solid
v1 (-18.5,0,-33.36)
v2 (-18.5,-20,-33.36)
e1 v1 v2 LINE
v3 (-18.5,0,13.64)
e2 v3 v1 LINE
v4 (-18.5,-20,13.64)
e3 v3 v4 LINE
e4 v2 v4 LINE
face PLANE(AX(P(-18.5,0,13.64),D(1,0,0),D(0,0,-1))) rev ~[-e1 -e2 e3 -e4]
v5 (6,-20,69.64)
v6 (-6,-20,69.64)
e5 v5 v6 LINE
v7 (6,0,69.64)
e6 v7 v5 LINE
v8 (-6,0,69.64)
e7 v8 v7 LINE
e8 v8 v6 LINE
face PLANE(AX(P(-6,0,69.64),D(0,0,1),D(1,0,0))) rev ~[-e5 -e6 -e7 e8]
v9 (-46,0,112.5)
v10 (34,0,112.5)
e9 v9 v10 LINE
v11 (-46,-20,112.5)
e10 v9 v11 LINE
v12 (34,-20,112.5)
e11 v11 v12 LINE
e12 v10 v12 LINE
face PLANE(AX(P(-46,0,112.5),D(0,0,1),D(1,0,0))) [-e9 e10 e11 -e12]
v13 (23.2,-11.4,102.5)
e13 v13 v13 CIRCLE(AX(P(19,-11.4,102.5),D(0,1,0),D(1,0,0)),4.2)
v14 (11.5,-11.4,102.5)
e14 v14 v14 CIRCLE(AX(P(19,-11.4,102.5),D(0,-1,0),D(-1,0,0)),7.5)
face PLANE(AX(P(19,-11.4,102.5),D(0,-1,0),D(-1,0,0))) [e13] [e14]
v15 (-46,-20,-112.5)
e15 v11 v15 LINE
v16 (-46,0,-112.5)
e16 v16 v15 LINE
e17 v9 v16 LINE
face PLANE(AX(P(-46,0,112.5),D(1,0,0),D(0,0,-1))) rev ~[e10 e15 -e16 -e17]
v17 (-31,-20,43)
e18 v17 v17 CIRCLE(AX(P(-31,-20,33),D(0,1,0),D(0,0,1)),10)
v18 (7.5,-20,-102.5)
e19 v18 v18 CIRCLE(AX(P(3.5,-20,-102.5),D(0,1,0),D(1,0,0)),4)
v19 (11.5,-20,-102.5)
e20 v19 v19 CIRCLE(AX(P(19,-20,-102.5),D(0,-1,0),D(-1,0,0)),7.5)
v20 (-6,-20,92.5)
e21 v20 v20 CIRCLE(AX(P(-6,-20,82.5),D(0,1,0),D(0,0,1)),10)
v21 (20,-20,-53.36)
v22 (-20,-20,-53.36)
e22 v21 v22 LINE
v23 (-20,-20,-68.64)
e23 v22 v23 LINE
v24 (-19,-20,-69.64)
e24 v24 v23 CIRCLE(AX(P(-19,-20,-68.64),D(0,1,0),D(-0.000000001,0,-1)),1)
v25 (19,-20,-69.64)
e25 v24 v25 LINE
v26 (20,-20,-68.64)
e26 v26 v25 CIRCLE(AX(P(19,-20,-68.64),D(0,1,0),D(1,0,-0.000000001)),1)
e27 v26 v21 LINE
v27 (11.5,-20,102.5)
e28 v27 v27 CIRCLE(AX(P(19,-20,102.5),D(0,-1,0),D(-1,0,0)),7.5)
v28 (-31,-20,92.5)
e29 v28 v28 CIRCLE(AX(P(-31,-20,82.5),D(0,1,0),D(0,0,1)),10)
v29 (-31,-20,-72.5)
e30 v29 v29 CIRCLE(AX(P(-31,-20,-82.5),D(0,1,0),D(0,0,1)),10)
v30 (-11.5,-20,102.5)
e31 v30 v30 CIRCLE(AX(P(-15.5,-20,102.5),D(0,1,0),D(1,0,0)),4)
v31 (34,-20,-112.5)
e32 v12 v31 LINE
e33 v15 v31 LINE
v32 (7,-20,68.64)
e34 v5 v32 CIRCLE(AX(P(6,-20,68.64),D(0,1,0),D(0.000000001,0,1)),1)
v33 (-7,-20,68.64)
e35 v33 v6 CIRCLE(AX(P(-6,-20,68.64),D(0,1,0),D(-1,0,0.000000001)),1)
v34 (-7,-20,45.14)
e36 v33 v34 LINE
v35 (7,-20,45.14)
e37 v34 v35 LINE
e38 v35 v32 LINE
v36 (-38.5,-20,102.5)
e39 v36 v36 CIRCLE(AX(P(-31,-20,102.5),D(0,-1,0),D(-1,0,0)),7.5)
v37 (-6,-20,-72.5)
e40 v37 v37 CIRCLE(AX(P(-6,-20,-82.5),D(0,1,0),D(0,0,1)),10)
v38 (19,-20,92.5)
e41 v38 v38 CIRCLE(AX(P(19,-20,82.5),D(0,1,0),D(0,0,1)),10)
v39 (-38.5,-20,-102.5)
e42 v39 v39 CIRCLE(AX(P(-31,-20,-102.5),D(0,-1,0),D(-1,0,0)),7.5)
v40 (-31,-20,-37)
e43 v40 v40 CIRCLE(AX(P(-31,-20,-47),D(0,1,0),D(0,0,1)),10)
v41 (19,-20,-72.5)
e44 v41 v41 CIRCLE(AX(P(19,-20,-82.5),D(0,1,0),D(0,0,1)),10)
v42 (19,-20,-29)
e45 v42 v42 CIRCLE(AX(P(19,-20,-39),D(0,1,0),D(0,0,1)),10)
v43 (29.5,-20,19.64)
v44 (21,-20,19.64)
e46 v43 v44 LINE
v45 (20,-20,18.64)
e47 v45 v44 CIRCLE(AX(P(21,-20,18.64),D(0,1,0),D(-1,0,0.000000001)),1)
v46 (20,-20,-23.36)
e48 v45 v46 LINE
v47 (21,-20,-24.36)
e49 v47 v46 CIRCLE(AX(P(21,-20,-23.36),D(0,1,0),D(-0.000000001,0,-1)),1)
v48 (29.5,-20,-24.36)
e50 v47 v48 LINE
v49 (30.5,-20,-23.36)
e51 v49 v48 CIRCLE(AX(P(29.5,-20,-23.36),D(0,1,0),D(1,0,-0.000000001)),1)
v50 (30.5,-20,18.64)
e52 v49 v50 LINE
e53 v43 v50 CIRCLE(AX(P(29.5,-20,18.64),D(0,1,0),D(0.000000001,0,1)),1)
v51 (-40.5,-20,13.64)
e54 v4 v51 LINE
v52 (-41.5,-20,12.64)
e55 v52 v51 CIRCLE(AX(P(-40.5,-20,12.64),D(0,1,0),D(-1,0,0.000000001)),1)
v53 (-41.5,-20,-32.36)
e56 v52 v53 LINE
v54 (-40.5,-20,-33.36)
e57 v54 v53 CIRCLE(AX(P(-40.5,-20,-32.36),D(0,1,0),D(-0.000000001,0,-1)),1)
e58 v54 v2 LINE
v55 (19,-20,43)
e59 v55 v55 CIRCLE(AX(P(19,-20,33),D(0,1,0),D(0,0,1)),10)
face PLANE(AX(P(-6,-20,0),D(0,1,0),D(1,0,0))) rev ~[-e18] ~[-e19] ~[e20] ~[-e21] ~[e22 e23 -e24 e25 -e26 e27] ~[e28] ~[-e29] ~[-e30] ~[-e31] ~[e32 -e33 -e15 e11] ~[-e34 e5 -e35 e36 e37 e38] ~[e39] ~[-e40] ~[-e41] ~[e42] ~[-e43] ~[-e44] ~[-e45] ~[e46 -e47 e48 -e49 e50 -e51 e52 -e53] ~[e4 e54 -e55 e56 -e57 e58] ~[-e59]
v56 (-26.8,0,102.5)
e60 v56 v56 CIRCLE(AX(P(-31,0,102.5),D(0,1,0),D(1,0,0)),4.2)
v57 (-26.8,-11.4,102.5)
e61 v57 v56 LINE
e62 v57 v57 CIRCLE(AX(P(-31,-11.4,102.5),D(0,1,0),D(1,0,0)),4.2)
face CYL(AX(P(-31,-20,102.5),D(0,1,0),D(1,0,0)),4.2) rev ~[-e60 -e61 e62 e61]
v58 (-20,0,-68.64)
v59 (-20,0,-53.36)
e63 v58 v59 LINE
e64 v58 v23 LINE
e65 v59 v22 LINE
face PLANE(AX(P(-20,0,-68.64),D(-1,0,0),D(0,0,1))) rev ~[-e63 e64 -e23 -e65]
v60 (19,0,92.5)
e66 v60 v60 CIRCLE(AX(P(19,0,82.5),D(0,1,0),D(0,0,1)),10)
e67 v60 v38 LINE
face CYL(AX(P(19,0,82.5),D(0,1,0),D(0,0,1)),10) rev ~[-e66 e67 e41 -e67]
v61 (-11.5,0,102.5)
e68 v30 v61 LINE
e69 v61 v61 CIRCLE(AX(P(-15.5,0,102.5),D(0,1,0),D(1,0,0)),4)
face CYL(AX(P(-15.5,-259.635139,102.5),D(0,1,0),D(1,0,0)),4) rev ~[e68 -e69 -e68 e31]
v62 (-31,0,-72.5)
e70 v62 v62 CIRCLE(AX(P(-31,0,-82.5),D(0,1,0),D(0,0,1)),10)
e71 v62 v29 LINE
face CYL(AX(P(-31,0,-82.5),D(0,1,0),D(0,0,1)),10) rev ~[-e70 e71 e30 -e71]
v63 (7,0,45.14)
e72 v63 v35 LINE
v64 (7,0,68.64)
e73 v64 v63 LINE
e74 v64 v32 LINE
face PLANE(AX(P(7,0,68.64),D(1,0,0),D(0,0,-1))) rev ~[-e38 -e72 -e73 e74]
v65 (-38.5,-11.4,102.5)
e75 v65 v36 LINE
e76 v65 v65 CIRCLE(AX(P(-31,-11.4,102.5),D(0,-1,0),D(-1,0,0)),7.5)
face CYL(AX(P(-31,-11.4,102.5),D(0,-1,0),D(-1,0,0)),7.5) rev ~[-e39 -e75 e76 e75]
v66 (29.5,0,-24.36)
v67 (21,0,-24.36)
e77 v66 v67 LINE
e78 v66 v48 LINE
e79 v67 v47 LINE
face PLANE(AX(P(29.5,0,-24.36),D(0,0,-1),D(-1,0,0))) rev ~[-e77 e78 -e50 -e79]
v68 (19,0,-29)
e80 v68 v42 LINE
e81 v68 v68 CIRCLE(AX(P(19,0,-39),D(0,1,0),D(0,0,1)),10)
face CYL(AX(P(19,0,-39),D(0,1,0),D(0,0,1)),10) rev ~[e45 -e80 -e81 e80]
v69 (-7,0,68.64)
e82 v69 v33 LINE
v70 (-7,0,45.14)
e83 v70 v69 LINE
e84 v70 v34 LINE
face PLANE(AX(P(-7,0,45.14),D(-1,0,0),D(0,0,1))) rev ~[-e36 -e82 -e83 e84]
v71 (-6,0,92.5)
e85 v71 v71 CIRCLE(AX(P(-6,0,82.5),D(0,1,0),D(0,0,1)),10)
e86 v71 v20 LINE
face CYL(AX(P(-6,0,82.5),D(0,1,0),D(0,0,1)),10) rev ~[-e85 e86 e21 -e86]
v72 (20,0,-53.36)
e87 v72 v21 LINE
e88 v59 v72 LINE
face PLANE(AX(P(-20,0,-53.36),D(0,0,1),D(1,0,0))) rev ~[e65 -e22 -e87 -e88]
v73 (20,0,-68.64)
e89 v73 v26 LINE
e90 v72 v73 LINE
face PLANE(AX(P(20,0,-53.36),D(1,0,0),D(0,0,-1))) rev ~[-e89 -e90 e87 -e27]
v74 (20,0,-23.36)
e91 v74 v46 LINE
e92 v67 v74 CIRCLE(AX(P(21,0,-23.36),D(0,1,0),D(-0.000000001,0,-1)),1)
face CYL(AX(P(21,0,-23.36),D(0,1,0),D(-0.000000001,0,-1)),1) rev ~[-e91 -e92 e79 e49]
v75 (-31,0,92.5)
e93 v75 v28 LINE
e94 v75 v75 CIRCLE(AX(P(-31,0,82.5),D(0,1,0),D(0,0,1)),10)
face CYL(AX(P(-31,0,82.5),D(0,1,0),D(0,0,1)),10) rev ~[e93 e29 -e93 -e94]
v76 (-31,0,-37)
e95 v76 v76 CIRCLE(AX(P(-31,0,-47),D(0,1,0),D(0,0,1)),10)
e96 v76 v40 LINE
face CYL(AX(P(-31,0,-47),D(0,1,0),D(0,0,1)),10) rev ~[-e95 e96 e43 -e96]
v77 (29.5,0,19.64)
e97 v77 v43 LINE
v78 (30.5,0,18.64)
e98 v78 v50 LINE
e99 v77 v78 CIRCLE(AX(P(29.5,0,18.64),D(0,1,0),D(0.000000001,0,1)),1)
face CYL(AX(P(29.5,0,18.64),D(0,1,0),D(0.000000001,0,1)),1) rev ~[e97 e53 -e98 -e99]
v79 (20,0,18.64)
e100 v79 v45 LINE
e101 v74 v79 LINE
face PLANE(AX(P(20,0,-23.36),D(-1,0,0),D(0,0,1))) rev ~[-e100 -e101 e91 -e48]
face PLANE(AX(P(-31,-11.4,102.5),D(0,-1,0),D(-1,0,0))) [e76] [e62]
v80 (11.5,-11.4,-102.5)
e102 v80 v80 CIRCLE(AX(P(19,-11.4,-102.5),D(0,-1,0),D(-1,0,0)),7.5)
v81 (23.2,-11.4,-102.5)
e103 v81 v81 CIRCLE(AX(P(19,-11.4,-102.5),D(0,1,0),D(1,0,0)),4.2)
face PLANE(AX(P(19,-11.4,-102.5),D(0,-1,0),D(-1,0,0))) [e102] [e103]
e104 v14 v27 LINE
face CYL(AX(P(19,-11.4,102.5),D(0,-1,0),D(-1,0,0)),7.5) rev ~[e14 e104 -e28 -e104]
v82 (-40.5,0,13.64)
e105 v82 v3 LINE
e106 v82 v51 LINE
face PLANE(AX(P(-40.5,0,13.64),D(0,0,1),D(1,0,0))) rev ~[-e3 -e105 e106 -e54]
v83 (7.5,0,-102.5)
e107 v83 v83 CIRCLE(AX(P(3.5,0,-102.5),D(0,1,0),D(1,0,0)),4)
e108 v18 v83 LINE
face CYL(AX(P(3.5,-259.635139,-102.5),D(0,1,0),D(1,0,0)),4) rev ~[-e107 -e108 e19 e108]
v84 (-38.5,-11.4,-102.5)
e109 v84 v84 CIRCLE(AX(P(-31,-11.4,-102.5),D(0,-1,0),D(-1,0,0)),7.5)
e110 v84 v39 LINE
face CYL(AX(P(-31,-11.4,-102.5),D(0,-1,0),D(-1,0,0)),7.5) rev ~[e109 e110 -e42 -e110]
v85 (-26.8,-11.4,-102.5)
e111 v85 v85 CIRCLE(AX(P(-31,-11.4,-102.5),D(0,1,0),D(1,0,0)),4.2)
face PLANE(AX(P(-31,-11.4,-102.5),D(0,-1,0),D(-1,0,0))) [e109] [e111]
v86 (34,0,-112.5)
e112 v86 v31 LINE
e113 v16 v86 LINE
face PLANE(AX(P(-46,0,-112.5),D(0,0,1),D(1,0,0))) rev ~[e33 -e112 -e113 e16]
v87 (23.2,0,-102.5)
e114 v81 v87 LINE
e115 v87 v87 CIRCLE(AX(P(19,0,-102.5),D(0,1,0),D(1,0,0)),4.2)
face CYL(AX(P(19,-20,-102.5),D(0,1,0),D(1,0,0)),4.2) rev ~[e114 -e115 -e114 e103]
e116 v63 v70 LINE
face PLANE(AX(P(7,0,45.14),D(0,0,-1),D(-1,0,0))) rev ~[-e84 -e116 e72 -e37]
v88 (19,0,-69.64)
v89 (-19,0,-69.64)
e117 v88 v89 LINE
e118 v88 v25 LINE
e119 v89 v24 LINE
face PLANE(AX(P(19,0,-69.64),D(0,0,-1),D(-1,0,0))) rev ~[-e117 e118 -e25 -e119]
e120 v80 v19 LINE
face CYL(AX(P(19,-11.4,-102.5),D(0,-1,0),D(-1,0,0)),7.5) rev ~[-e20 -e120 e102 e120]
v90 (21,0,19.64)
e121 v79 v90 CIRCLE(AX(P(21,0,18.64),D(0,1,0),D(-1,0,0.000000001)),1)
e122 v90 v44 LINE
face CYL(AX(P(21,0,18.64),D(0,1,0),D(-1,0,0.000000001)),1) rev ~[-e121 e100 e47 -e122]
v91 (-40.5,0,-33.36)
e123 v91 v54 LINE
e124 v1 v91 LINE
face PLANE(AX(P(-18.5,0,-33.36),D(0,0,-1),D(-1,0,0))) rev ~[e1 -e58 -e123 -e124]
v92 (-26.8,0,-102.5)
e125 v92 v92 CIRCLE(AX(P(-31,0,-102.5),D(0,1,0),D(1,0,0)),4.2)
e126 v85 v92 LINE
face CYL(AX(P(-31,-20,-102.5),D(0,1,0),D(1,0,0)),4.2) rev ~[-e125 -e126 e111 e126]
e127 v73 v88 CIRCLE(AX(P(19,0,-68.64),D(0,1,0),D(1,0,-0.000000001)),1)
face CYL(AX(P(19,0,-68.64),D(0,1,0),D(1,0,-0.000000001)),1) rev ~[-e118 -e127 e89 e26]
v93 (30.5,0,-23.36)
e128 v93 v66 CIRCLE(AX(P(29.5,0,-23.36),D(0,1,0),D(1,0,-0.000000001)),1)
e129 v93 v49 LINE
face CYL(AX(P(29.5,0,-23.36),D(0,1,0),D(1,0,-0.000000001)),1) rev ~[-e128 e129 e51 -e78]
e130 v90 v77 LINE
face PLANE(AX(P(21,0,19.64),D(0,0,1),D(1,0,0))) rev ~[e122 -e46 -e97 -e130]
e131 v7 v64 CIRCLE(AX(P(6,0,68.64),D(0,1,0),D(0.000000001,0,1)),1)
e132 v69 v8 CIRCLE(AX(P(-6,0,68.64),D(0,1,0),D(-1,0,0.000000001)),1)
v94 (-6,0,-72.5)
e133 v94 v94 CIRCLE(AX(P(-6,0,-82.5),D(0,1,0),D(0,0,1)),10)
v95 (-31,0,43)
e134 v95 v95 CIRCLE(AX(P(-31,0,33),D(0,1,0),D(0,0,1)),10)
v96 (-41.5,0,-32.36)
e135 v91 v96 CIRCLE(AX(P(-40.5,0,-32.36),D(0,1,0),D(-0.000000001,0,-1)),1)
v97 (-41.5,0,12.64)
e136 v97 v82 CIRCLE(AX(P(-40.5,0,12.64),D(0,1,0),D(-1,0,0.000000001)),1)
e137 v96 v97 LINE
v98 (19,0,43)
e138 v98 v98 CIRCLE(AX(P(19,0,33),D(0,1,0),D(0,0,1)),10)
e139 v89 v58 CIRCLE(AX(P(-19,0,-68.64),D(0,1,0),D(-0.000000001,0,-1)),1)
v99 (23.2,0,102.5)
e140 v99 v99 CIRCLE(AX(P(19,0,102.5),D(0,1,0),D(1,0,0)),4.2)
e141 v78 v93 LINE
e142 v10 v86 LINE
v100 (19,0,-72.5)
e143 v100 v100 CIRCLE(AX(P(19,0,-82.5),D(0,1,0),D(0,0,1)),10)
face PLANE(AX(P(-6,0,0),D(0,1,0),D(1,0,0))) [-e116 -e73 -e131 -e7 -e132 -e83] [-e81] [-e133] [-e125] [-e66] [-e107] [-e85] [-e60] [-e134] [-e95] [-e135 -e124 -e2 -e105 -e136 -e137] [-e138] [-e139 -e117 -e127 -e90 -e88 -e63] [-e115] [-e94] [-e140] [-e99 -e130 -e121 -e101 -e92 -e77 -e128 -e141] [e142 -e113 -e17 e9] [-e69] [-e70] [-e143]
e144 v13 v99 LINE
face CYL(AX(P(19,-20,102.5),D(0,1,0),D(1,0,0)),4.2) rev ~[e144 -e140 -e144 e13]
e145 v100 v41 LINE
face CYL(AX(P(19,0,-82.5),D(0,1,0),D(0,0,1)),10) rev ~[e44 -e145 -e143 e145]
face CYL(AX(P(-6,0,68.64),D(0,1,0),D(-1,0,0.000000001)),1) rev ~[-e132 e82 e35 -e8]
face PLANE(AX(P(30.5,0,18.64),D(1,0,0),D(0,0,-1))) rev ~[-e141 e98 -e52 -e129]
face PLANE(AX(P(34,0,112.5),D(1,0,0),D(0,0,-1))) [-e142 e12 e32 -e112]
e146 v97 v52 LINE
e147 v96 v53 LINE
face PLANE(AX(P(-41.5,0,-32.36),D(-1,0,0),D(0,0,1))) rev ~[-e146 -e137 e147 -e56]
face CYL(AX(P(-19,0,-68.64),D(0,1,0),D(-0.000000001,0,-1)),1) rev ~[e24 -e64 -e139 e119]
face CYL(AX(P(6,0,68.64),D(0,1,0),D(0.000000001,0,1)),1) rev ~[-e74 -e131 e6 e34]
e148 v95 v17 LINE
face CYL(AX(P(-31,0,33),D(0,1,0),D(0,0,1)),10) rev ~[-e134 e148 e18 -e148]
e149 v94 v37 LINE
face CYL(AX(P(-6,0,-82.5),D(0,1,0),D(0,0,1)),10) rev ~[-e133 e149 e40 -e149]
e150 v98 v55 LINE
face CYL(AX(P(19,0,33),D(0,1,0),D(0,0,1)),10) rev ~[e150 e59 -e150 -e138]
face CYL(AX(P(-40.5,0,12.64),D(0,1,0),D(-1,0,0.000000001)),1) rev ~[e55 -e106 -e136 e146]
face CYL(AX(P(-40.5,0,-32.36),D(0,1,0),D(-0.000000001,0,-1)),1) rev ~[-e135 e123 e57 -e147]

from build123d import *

# Parameters (mm, degrees)
SKETCH1_W                                           = 80
SKETCH1_H                                           = 225
BOSS_EXTRUDE1_DEPTH                                 = 20
CUT_EXTRUDE1_REACH                                  = 125.176
CUT_EXTRUDE2_REACH                                  = 125.176
CUT_EXTRUDE3_REACH                                  = 125.176
CUT_EXTRUDE4_REACH                                  = 125.176
CBORE_FOR_M8_HEX_SOCKET_HEAD_CAP_SCREW1_D           = 8.4
CBORE_FOR_M8_HEX_SOCKET_HEAD_CAP_SCREW1_CBORE_D     = 15
CBORE_FOR_M8_HEX_SOCKET_HEAD_CAP_SCREW1_CBORE_DEPTH = 8.6
F_8_0MM_DOWEL_HOLE1_D                               = 8
CUT_EXTRUDE5_REACH                                  = 125.176
SKETCH7_R                                           = 10


with BuildPart() as part:
    # Sketch1 → Boss-Extrude1 (new body)
    with BuildSketch(Plane(origin=(0, 0, 0), x_dir=(1, 0, 0), z_dir=(0, 1, 0))):
        with Locations((-6, 0)):
            Rectangle(SKETCH1_W, SKETCH1_H)
    extrude(amount=-BOSS_EXTRUDE1_DEPTH)

    # Sketch2 → Cut-Extrude1 (cut, up to next)
    with BuildSketch(Plane(origin=(0, 0, 0), x_dir=(1, 0, 0), z_dir=(0, 1, 0)), mode=Mode.PRIVATE) as cut_extrude1_sk1:
        with BuildLine():
            Line((21, -19.64), (29.5, -19.64))
            ThreePointArc((29.5, -19.64), (30.207106781, -19.347106781), (30.5, -18.64))
            Line((30.5, -18.64), (30.5, 23.36))
            ThreePointArc((30.5, 23.36), (30.207106781, 24.067106781), (29.5, 24.36))
            Line((29.5, 24.36), (21, 24.36))
            ThreePointArc((21, 24.36), (20.292893219, 24.067106781), (20, 23.36))
            Line((20, 23.36), (20, -18.64))
            ThreePointArc((20, -18.64), (20.292893219, -19.347106781), (21, -19.64))
        make_face()
    cut_extrude1_tool1 = extrude(cut_extrude1_sk1.sketch, amount=-CUT_EXTRUDE1_REACH, mode=Mode.PRIVATE) & part.part
    add(cut_extrude1_tool1.solids().sort_by_distance((25.25, 0, -2.36))[0], mode=Mode.SUBTRACT)

    # Sketch4 → Cut-Extrude2 (cut, up to next)
    with BuildSketch(Plane(origin=(0, 0, 0), x_dir=(1, 0, 0), z_dir=(0, 1, 0)), mode=Mode.PRIVATE) as cut_extrude2_sk1:
        with BuildLine():
            Line((7, -68.64), (7, -45.14))
            Line((7, -45.14), (-7, -45.14))
            Line((-7, -45.14), (-7, -68.64))
            ThreePointArc((-7, -68.64), (-6.707106781, -69.347106781), (-6, -69.64))
            Line((-6, -69.64), (6, -69.64))
            ThreePointArc((6, -69.64), (6.707106781, -69.347106781), (7, -68.64))
        make_face()
    cut_extrude2_tool1 = extrude(cut_extrude2_sk1.sketch, amount=-CUT_EXTRUDE2_REACH, mode=Mode.PRIVATE) & part.part
    add(cut_extrude2_tool1.solids().sort_by_distance((0, 0, 57.374932))[0], mode=Mode.SUBTRACT)

    # Sketch5 → Cut-Extrude3 (cut, up to next)
    with BuildSketch(Plane(origin=(0, 0, 0), x_dir=(1, 0, 0), z_dir=(0, 1, 0)), mode=Mode.PRIVATE) as cut_extrude3_sk1:
        with BuildLine():
            Line((-18.5, -13.64), (-18.5, 33.36))
            Line((-18.5, 33.36), (-40.5, 33.36))
            ThreePointArc((-40.5, 33.36), (-41.207106781, 33.067106781), (-41.5, 32.36))
            Line((-41.5, 32.36), (-41.5, -12.64))
            ThreePointArc((-41.5, -12.64), (-41.207106781, -13.347106781), (-40.5, -13.64))
            Line((-40.5, -13.64), (-18.5, -13.64))
        make_face()
    cut_extrude3_tool1 = extrude(cut_extrude3_sk1.sketch, amount=-CUT_EXTRUDE3_REACH, mode=Mode.PRIVATE) & part.part
    add(cut_extrude3_tool1.solids().sort_by_distance((-29.995521, 0, -9.86))[0], mode=Mode.SUBTRACT)

    # Sketch6 → Cut-Extrude4 (cut, up to next)
    with BuildSketch(Plane(origin=(0, 0, 0), x_dir=(1, 0, 0), z_dir=(0, 1, 0)), mode=Mode.PRIVATE) as cut_extrude4_sk1:
        with BuildLine():
            Line((19, 69.64), (-19, 69.64))
            ThreePointArc((-19, 69.64), (-19.707106781, 69.347106781), (-20, 68.64))
            Line((-20, 68.64), (-20, 53.36))
            Line((-20, 53.36), (20, 53.36))
            Line((20, 53.36), (20, 68.64))
            ThreePointArc((20, 68.64), (19.707106781, 69.347106781), (19, 69.64))
        make_face()
    cut_extrude4_tool1 = extrude(cut_extrude4_sk1.sketch, amount=-CUT_EXTRUDE4_REACH, mode=Mode.PRIVATE) & part.part
    add(cut_extrude4_tool1.solids().sort_by_distance((0, 0, -61.494779))[0], mode=Mode.SUBTRACT)

    # CBORE for M8 Hex Socket Head Cap Screw1 (through all)
    with Locations(Plane(origin=(0, -20, 0), x_dir=(-1, 0, 0), z_dir=(0, -1, 0))):
        with Locations((-19, 102.5), (31, 102.5), (-19, -102.5), (31, -102.5)):
            CounterBoreHole(CBORE_FOR_M8_HEX_SOCKET_HEAD_CAP_SCREW1_D / 2, CBORE_FOR_M8_HEX_SOCKET_HEAD_CAP_SCREW1_CBORE_D / 2, CBORE_FOR_M8_HEX_SOCKET_HEAD_CAP_SCREW1_CBORE_DEPTH)

    # Ø8.0mm Dowel Hole1 (through all)
    with Locations(Plane(origin=(0, -20, 0), x_dir=(-1, 0, 0), z_dir=(0, -1, 0))):
        with Locations((-3.5, 102.5), (15.5, -102.5)):
            Hole(F_8_0MM_DOWEL_HOLE1_D / 2)

    # Sketch7 → Cut-Extrude5 (cut, up to next)
    with BuildSketch(Plane(origin=(0, 0, 0), x_dir=(1, 0, 0), z_dir=(0, 1, 0)), mode=Mode.PRIVATE) as cut_extrude5_sk1:
        with Locations(Location((-31, -33, 0), (0, 0, 270))):
            Circle(SKETCH7_R)
    cut_extrude5_tool1 = extrude(cut_extrude5_sk1.sketch, amount=-CUT_EXTRUDE5_REACH, mode=Mode.PRIVATE) & part.part
    # Sketch7 → Cut-Extrude5 (cut, up to next)
    with BuildSketch(Plane(origin=(0, 0, 0), x_dir=(1, 0, 0), z_dir=(0, 1, 0)), mode=Mode.PRIVATE) as cut_extrude5_sk2:
        with Locations(Location((-6, 82.5, 0), (0, 0, 270))):
            Circle(SKETCH7_R)
    cut_extrude5_tool2 = extrude(cut_extrude5_sk2.sketch, amount=-CUT_EXTRUDE5_REACH, mode=Mode.PRIVATE) & part.part
    # Sketch7 → Cut-Extrude5 (cut, up to next)
    with BuildSketch(Plane(origin=(0, 0, 0), x_dir=(1, 0, 0), z_dir=(0, 1, 0)), mode=Mode.PRIVATE) as cut_extrude5_sk3:
        with Locations(Location((19, -33, 0), (0, 0, 270))):
            Circle(SKETCH7_R)
    cut_extrude5_tool3 = extrude(cut_extrude5_sk3.sketch, amount=-CUT_EXTRUDE5_REACH, mode=Mode.PRIVATE) & part.part
    # Sketch7 → Cut-Extrude5 (cut, up to next)
    with BuildSketch(Plane(origin=(0, 0, 0), x_dir=(1, 0, 0), z_dir=(0, 1, 0)), mode=Mode.PRIVATE) as cut_extrude5_sk4:
        with Locations(Location((-31, 47, 0), (0, 0, 270))):
            Circle(SKETCH7_R)
    cut_extrude5_tool4 = extrude(cut_extrude5_sk4.sketch, amount=-CUT_EXTRUDE5_REACH, mode=Mode.PRIVATE) & part.part
    # Sketch7 → Cut-Extrude5 (cut, up to next)
    with BuildSketch(Plane(origin=(0, 0, 0), x_dir=(1, 0, 0), z_dir=(0, 1, 0)), mode=Mode.PRIVATE) as cut_extrude5_sk5:
        with Locations(Location((19, 39, 0), (0, 0, 270))):
            Circle(SKETCH7_R)
    cut_extrude5_tool5 = extrude(cut_extrude5_sk5.sketch, amount=-CUT_EXTRUDE5_REACH, mode=Mode.PRIVATE) & part.part
    # Sketch7 → Cut-Extrude5 (cut, up to next)
    with BuildSketch(Plane(origin=(0, 0, 0), x_dir=(1, 0, 0), z_dir=(0, 1, 0)), mode=Mode.PRIVATE) as cut_extrude5_sk6:
        with Locations(Location((-31, -82.5, 0), (0, 0, 270))):
            Circle(SKETCH7_R)
    cut_extrude5_tool6 = extrude(cut_extrude5_sk6.sketch, amount=-CUT_EXTRUDE5_REACH, mode=Mode.PRIVATE) & part.part
    # Sketch7 → Cut-Extrude5 (cut, up to next)
    with BuildSketch(Plane(origin=(0, 0, 0), x_dir=(1, 0, 0), z_dir=(0, 1, 0)), mode=Mode.PRIVATE) as cut_extrude5_sk7:
        with Locations(Location((-6, -82.5, 0), (0, 0, 270))):
            Circle(SKETCH7_R)
    cut_extrude5_tool7 = extrude(cut_extrude5_sk7.sketch, amount=-CUT_EXTRUDE5_REACH, mode=Mode.PRIVATE) & part.part
    # Sketch7 → Cut-Extrude5 (cut, up to next)
    with BuildSketch(Plane(origin=(0, 0, 0), x_dir=(1, 0, 0), z_dir=(0, 1, 0)), mode=Mode.PRIVATE) as cut_extrude5_sk8:
        with Locations(Location((19, -82.5, 0), (0, 0, 270))):
            Circle(SKETCH7_R)
    cut_extrude5_tool8 = extrude(cut_extrude5_sk8.sketch, amount=-CUT_EXTRUDE5_REACH, mode=Mode.PRIVATE) & part.part
    # Sketch7 → Cut-Extrude5 (cut, up to next)
    with BuildSketch(Plane(origin=(0, 0, 0), x_dir=(1, 0, 0), z_dir=(0, 1, 0)), mode=Mode.PRIVATE) as cut_extrude5_sk9:
        with Locations(Location((-31, 82.5, 0), (0, 0, 270))):
            Circle(SKETCH7_R)
    cut_extrude5_tool9 = extrude(cut_extrude5_sk9.sketch, amount=-CUT_EXTRUDE5_REACH, mode=Mode.PRIVATE) & part.part
    # Sketch7 → Cut-Extrude5 (cut, up to next)
    with BuildSketch(Plane(origin=(0, 0, 0), x_dir=(1, 0, 0), z_dir=(0, 1, 0)), mode=Mode.PRIVATE) as cut_extrude5_sk10:
        with Locations(Location((19, 82.5, 0), (0, 0, 270))):
            Circle(SKETCH7_R)
    cut_extrude5_tool10 = extrude(cut_extrude5_sk10.sketch, amount=-CUT_EXTRUDE5_REACH, mode=Mode.PRIVATE) & part.part
    add(cut_extrude5_tool1.solids().sort_by_distance((-31, 0, 33))[0], mode=Mode.SUBTRACT)
    add(cut_extrude5_tool2.solids().sort_by_distance((-6, 0, -82.5))[0], mode=Mode.SUBTRACT)
    add(cut_extrude5_tool3.solids().sort_by_distance((19, 0, 33))[0], mode=Mode.SUBTRACT)
    add(cut_extrude5_tool4.solids().sort_by_distance((-31, 0, -47))[0], mode=Mode.SUBTRACT)
    add(cut_extrude5_tool5.solids().sort_by_distance((19, 0, -39))[0], mode=Mode.SUBTRACT)
    add(cut_extrude5_tool6.solids().sort_by_distance((-31, 0, 82.5))[0], mode=Mode.SUBTRACT)
    add(cut_extrude5_tool7.solids().sort_by_distance((-6, 0, 82.5))[0], mode=Mode.SUBTRACT)
    add(cut_extrude5_tool8.solids().sort_by_distance((19, 0, 82.5))[0], mode=Mode.SUBTRACT)
    add(cut_extrude5_tool9.solids().sort_by_distance((-31, 0, -82.5))[0], mode=Mode.SUBTRACT)
    add(cut_extrude5_tool10.solids().sort_by_distance((19, 0, -82.5))[0], mode=Mode.SUBTRACT)


solid = part.part
